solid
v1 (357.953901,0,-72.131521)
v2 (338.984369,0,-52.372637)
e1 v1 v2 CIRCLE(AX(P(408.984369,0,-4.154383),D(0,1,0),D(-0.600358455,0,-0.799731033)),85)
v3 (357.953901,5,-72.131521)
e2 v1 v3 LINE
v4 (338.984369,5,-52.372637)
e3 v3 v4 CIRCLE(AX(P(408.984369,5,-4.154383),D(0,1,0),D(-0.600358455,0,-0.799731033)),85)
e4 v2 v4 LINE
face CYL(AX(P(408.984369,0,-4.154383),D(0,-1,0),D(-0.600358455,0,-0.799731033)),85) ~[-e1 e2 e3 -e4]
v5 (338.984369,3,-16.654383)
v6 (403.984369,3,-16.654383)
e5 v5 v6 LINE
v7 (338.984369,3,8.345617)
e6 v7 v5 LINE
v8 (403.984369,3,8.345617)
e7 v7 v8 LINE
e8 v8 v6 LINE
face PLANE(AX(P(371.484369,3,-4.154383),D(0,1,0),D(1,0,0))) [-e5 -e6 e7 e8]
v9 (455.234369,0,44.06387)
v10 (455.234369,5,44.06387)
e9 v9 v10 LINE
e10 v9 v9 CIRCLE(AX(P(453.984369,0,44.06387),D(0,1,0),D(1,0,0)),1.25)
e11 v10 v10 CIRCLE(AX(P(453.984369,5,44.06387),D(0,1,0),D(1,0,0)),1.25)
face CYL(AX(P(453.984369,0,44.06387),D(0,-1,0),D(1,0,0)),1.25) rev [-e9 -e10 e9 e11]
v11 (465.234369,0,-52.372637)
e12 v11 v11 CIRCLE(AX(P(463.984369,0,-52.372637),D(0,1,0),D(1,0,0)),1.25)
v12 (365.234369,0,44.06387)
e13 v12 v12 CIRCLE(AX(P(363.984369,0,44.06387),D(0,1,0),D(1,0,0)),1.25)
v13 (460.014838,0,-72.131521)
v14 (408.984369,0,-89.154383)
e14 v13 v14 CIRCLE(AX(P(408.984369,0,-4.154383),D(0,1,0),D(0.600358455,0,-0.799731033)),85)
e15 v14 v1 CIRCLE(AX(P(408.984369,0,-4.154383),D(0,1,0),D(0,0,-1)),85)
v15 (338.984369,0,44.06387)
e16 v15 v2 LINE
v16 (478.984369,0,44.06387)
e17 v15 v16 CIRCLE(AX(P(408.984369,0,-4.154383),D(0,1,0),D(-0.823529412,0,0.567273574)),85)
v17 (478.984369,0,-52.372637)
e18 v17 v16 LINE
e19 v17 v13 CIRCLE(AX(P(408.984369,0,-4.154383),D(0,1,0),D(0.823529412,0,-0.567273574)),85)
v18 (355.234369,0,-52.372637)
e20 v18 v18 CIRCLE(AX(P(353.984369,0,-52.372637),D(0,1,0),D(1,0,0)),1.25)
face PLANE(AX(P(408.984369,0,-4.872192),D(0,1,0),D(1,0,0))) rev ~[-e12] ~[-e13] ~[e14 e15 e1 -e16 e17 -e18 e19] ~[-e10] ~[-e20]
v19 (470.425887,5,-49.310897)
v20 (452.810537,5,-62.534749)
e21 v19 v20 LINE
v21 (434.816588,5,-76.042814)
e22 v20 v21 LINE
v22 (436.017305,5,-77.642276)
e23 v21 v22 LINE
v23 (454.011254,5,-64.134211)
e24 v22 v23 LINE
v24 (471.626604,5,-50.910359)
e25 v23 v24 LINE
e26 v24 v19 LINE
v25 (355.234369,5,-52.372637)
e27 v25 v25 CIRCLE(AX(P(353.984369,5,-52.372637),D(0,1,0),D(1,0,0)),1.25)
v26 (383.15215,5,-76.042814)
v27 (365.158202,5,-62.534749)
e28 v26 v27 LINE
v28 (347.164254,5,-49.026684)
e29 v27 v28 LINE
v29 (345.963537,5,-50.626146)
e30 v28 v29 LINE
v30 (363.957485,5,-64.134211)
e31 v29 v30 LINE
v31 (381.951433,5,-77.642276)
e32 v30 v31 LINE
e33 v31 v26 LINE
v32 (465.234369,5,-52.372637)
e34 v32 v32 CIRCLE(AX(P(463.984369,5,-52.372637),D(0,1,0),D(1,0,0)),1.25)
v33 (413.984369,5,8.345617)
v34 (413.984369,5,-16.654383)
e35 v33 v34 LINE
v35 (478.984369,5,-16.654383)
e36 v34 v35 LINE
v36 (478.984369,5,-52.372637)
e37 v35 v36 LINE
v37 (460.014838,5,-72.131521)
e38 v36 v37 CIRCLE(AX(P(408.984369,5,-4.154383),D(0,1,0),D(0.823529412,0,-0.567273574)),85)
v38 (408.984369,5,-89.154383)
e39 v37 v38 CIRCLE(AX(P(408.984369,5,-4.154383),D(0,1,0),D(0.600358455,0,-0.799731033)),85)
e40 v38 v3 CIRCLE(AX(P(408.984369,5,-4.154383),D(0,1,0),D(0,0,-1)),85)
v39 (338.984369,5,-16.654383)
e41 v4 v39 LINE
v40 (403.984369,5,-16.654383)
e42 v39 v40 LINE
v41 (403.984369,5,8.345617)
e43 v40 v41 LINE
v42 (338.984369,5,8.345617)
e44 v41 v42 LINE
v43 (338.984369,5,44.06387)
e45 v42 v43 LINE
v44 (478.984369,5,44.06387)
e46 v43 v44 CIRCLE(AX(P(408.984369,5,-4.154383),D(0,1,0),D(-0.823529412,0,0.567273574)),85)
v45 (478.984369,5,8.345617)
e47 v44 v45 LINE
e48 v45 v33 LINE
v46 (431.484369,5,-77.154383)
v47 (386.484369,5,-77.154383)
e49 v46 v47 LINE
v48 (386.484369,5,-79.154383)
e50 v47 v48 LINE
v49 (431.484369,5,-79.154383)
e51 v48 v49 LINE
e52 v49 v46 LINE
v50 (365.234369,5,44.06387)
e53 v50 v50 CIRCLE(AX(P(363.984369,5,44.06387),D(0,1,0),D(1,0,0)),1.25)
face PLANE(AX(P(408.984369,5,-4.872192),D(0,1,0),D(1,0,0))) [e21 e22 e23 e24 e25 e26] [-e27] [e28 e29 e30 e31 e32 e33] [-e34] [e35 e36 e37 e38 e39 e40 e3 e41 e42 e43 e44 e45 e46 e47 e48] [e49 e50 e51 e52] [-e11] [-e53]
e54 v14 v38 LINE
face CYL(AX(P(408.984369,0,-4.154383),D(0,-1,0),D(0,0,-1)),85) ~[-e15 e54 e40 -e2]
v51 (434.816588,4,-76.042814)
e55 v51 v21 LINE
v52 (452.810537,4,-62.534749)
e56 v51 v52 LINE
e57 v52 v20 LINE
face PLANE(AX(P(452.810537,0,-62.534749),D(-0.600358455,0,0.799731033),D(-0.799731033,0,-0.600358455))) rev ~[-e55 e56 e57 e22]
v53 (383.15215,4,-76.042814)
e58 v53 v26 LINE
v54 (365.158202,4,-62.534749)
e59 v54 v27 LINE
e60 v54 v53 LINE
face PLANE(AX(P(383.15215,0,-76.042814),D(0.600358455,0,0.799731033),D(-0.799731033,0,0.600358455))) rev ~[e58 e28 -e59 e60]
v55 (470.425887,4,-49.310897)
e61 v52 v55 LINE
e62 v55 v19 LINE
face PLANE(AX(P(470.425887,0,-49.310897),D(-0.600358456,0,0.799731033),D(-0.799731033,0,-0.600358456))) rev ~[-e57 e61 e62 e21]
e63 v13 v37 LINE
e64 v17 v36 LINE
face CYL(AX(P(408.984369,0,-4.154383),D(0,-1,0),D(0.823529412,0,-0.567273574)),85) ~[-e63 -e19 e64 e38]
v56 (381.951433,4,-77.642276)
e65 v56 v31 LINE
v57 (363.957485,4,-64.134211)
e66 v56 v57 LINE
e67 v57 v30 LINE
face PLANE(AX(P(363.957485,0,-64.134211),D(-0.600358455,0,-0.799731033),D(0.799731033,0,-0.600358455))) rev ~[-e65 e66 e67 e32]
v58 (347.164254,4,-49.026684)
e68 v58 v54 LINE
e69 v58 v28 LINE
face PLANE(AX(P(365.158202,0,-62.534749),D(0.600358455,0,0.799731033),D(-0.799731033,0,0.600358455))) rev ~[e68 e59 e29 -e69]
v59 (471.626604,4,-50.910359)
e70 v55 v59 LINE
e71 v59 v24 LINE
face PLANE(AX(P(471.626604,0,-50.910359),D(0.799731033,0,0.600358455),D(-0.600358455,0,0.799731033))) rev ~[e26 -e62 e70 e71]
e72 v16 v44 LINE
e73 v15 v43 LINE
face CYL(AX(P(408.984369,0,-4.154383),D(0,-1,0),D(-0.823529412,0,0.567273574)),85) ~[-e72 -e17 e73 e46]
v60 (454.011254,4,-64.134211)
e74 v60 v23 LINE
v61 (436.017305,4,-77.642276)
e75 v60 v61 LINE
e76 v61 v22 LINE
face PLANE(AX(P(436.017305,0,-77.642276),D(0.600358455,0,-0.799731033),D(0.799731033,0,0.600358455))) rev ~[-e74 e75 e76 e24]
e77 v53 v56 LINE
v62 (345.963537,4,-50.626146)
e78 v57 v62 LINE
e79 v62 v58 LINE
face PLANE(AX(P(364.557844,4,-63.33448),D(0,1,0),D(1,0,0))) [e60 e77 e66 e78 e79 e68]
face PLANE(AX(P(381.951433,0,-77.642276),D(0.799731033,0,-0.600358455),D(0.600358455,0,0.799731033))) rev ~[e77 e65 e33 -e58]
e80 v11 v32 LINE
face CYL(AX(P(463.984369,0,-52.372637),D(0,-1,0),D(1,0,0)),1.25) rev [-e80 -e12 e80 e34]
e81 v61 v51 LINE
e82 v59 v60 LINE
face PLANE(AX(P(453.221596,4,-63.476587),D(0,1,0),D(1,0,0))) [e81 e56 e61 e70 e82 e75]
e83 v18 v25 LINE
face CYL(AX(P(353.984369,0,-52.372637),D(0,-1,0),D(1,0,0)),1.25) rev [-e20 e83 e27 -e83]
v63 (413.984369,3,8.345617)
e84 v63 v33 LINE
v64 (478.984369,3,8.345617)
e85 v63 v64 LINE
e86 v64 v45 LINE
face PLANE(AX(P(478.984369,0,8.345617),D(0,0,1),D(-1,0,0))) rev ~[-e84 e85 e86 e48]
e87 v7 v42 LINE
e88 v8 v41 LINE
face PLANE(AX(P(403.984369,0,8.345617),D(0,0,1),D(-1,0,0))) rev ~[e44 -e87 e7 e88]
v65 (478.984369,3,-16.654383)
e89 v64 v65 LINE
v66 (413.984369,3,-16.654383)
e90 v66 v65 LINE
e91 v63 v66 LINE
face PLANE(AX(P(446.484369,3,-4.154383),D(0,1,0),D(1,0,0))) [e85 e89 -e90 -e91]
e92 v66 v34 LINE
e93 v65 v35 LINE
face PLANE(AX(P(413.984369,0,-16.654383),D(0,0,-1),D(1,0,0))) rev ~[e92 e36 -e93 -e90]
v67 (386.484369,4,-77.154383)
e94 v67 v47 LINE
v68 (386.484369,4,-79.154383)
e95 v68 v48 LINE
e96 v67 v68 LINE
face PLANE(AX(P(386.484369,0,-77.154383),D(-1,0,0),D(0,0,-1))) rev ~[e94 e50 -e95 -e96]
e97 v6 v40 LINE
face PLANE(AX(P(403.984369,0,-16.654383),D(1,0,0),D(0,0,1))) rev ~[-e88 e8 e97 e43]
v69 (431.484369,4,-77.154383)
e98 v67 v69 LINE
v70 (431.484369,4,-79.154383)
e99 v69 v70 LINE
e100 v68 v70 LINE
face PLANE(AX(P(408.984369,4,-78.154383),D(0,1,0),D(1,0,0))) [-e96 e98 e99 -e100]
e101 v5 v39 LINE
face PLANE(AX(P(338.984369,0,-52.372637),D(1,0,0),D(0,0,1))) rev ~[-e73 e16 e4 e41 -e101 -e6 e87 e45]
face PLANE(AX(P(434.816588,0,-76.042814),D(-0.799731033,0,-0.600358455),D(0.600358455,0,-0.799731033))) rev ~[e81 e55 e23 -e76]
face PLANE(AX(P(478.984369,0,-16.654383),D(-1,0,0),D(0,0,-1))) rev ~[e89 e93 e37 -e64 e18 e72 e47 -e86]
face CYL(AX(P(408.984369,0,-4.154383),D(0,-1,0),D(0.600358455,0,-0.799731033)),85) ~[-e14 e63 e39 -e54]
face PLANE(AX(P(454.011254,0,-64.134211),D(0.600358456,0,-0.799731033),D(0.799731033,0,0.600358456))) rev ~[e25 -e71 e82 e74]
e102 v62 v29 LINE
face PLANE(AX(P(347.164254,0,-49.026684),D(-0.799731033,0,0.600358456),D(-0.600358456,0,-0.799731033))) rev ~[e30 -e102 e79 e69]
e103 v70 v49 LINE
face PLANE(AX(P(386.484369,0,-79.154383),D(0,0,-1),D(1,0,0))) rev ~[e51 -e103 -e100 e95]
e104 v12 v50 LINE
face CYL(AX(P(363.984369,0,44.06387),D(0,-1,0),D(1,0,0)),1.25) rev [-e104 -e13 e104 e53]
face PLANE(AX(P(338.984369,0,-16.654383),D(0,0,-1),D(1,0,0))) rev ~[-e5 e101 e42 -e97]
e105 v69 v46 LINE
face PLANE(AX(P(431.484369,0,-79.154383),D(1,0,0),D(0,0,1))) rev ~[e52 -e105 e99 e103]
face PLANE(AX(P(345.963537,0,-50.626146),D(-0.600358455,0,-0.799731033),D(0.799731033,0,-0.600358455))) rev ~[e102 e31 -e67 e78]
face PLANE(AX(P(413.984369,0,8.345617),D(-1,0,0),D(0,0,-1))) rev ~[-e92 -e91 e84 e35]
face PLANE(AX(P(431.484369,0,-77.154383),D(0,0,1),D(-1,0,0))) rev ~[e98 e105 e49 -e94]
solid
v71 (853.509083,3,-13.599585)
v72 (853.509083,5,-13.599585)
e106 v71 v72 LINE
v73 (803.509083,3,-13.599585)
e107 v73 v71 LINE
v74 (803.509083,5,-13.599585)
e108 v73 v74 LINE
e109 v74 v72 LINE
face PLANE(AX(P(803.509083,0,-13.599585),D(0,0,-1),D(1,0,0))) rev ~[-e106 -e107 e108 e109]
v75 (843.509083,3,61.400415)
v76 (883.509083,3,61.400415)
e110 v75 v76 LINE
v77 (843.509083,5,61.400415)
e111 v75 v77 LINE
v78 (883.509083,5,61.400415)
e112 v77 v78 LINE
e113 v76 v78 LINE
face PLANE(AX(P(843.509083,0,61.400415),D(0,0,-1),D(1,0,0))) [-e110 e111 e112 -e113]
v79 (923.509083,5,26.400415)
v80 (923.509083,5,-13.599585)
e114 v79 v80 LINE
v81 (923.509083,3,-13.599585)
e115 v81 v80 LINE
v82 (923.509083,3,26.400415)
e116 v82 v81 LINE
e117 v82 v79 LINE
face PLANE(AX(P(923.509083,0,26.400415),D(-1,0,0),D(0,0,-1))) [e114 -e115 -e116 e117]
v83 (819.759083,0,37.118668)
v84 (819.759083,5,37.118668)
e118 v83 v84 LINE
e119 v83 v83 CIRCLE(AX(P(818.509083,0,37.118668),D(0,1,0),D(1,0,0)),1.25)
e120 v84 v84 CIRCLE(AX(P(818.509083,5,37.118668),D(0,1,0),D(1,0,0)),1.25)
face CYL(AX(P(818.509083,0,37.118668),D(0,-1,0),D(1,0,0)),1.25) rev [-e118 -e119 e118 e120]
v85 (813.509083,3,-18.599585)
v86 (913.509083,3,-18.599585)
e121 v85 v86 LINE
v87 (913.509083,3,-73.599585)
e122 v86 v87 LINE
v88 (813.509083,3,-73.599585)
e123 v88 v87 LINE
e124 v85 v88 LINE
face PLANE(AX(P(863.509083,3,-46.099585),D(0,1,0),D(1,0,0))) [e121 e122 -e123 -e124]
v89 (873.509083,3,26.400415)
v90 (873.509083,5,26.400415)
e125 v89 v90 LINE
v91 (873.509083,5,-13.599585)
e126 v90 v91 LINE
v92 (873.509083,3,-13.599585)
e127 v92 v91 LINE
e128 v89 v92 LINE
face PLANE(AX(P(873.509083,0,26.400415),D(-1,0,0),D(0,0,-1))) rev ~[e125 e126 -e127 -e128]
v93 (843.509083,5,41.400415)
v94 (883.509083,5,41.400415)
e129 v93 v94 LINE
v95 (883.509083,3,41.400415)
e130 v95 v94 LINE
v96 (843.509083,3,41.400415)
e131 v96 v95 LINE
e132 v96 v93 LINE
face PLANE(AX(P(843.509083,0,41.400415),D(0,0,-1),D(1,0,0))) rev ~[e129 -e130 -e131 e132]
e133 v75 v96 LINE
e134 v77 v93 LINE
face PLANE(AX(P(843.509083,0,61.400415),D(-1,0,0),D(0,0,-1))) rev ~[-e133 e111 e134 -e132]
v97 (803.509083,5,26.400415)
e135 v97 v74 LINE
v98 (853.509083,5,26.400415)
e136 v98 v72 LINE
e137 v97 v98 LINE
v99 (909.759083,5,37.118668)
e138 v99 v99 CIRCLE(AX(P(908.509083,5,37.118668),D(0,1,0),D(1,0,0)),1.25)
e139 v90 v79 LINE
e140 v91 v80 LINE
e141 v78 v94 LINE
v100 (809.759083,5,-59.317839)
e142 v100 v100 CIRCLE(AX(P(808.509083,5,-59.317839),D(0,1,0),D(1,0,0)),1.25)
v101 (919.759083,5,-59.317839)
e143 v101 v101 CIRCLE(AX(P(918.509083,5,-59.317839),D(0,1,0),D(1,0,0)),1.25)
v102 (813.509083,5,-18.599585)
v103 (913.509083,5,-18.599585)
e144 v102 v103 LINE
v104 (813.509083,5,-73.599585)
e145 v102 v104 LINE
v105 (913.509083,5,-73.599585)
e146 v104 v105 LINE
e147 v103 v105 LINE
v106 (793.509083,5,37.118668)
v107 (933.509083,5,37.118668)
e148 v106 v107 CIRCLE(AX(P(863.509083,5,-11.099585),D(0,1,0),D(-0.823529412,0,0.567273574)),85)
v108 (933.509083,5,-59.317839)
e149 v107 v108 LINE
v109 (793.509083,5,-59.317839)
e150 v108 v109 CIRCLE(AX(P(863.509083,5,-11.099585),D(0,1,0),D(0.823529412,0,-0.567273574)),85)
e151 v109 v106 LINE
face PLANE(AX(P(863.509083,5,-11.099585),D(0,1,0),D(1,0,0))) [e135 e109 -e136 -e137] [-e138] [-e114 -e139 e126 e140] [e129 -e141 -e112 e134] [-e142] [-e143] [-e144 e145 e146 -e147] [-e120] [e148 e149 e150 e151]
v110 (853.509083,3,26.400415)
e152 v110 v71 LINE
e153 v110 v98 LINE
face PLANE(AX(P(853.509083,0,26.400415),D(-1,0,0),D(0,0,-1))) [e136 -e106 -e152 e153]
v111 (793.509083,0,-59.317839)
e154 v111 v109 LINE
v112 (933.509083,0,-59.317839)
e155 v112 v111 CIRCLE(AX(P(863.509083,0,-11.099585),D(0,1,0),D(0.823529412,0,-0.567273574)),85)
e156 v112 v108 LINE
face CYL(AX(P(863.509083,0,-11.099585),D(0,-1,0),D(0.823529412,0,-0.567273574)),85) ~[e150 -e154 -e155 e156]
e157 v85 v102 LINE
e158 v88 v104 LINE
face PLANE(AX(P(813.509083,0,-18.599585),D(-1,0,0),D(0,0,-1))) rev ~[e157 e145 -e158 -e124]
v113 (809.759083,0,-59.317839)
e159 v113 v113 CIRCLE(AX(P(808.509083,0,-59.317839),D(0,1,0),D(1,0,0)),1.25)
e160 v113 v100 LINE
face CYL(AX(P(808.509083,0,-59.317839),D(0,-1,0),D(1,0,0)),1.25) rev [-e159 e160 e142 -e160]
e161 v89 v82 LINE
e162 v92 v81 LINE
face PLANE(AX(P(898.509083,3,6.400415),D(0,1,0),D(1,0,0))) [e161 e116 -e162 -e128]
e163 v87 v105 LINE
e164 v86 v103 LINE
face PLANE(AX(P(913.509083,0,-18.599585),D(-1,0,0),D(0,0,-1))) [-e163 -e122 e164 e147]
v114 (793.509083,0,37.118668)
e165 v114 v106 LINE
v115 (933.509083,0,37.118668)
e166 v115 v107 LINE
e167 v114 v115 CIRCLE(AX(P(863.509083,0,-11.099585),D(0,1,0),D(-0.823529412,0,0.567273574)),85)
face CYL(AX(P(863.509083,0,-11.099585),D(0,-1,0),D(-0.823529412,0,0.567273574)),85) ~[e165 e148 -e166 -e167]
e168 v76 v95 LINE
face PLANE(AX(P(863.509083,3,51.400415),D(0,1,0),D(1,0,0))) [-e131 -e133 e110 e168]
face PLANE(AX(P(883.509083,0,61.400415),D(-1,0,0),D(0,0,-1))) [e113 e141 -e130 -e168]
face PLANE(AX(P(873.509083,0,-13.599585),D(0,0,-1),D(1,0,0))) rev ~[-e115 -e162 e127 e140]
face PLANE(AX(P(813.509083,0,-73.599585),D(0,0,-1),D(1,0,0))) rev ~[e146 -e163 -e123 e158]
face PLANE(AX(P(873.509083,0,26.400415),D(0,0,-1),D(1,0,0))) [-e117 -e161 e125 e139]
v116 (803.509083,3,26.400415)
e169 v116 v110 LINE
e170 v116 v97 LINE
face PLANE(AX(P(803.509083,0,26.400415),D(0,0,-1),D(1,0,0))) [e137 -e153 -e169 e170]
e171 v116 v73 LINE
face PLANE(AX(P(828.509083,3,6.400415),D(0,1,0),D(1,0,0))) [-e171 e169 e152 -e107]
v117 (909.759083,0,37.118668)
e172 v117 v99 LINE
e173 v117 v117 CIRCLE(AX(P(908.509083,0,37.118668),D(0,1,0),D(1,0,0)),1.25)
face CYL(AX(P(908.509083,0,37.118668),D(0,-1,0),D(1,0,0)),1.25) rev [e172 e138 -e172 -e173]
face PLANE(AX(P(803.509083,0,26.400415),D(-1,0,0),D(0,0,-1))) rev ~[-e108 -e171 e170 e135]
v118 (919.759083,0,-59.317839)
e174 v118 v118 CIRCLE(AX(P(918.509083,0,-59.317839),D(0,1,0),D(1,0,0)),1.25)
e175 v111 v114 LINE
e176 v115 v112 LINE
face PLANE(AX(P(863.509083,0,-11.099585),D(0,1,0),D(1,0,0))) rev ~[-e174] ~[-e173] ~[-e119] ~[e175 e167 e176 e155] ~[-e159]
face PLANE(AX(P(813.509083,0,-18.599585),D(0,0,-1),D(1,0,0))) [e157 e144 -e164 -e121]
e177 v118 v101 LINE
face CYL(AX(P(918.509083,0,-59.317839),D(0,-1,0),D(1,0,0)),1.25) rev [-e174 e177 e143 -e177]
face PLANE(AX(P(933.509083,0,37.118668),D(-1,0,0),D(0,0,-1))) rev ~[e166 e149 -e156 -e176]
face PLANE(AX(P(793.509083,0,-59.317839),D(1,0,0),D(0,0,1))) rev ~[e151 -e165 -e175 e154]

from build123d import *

# Parameters (mm, degrees)
BOSS_EXTRUDE4_DEPTH    = 4
SKETCH2_W              = 45
SKETCH2_H              = 2
BOSS_EXTRUDE4_2_DEPTH  = 4
BOSS_EXTRUDE4_3_DEPTH  = 4
SKETCH2_8_W            = 65
SKETCH2_8_H            = 25
BOSS_EXTRUDE5_DEPTH    = 3
BOSS_EXTRUDE5_2_DEPTH  = 3
SKETCH2_9_R            = 1.25
BOSS_EXTRUDE6_DEPTH    = 5
SKETCH2_14_W           = 100
SKETCH2_14_H           = 55
BOSS_EXTRUDE10_DEPTH   = 3
SKETCH2_14_W_2         = 50
SKETCH2_14_H_2         = 40
BOSS_EXTRUDE10_2_DEPTH = 3
BOSS_EXTRUDE10_3_DEPTH = 3
SKETCH2_14_W_3         = 40
SKETCH2_14_H_3         = 20
BOSS_EXTRUDE10_4_DEPTH = 3
SKETCH2_15_W           = 40
SKETCH2_15_H           = 20
SKETCH2_15_R           = 1.25
SKETCH2_15_W_2         = 50
SKETCH2_15_H_2         = 40
SKETCH2_15_W_3         = 100
SKETCH2_15_H_3         = 55
BOSS_EXTRUDE11_DEPTH   = 5


with BuildPart() as part:
    # Sketch2 → Boss-Extrude4 (new body)
    with BuildSketch(Plane(origin=(0, 0, 0), x_dir=(1, 0, 0), z_dir=(0, 1, 0))):
        Polygon((347.164253905, 49.026683577), (383.152150384, 76.042814073), (381.951433473, 77.642276139), (345.963536994, 50.626145642), align=None)
    extrude(amount=BOSS_EXTRUDE4_DEPTH)



with BuildPart() as body_2:
    # Sketch2 → Boss-Extrude4 2 (new body)
    with BuildSketch(Plane(origin=(0, 0, 0), x_dir=(1, 0, 0), z_dir=(0, 1, 0))):
        with Locations((408.984369394, 78.154383425)):
            Rectangle(SKETCH2_W, SKETCH2_H)
    extrude(amount=BOSS_EXTRUDE4_2_DEPTH)


with BuildPart() as body_3:
    # Sketch2 → Boss-Extrude4 3 (new body)
    with BuildSketch(Plane(origin=(0, 0, 0), x_dir=(1, 0, 0), z_dir=(0, 1, 0))):
        Polygon((471.626604108, 50.9103591), (436.017305315, 77.642276139), (434.816588404, 76.042814073), (470.425887197, 49.310897034), align=None)
    extrude(amount=BOSS_EXTRUDE4_3_DEPTH)


with BuildPart() as body_4:
    # Sketch2<8> → Boss-Extrude5 (new body)
    with BuildSketch(Plane(origin=(0, 0, 0), x_dir=(1, 0, 0), z_dir=(0, 1, 0))):
        with Locations((371.484369394, 4.154383425)):
            Rectangle(SKETCH2_8_W, SKETCH2_8_H)
    extrude(amount=BOSS_EXTRUDE5_DEPTH)


with BuildPart() as body_5:
    # Sketch2<8> → Boss-Extrude5 2 (new body)
    with BuildSketch(Plane(origin=(0, 0, 0), x_dir=(1, 0, 0), z_dir=(0, 1, 0))):
        with Locations((446.484369394, 4.154383425)):
            Rectangle(SKETCH2_8_W, SKETCH2_8_H)
    extrude(amount=BOSS_EXTRUDE5_2_DEPTH)


with BuildPart() as part_1:
    add(part.part)

    add(body_2.part)  # Boss-Extrude6 merges body 2

    add(body_3.part)  # Boss-Extrude6 merges body 3

    add(body_4.part)  # Boss-Extrude6 merges body 4

    add(body_5.part)  # Boss-Extrude6 merges body 5
    # Sketch2<9> → Boss-Extrude6 (add)
    with BuildSketch(Plane(origin=(0, 0, 0), x_dir=(1, 0, 0), z_dir=(0, 1, 0))):
        with BuildLine():
            ThreePointArc((408.984369394, 89.154383425), (382.086941195, 84.786438814), (357.953900679, 72.131521219))
            ThreePointArc((357.953900679, 72.131521219), (347.668001567, 63.021208008), (338.984369394, 52.37263723))
            Line((338.984369394, 52.37263723), (338.984369394, 16.654383425))
            Line((338.984369394, 16.654383425), (403.984369394, 16.654383425))
            Line((403.984369394, 16.654383425), (403.984369394, -8.345616575))
            Line((403.984369394, -8.345616575), (338.984369394, -8.345616575))
            Line((338.984369394, -8.345616575), (338.984369394, -44.06387038))
            ThreePointArc((338.984369394, -44.06387038), (408.984369394, -80.845616575), (478.984369394, -44.06387038))
            Line((478.984369394, -44.06387038), (478.984369394, -8.345616575))
            Line((478.984369394, -8.345616575), (413.984369394, -8.345616575))
            Line((413.984369394, -8.345616575), (413.984369394, 16.654383425))
            Line((413.984369394, 16.654383425), (478.984369394, 16.654383425))
            Line((478.984369394, 16.654383425), (478.984369394, 52.37263723))
            ThreePointArc((478.984369394, 52.37263723), (470.300737221, 63.021208008), (460.01483811, 72.131521219))
            ThreePointArc((460.01483811, 72.131521219), (435.881797594, 84.786438814), (408.984369394, 89.154383425))
        make_face()
        with Locations((363.984369394, -44.06387038)):
            Circle(SKETCH2_9_R, mode=Mode.SUBTRACT)
        with Locations((453.984369394, -44.06387038)):
            Circle(SKETCH2_9_R, mode=Mode.SUBTRACT)
        with Locations((353.984369394, 52.37263723)):
            Circle(SKETCH2_9_R, mode=Mode.SUBTRACT)
        Polygon((345.963536994, 50.626145642), (363.957485234, 64.134210891), (381.951433473, 77.642276139), (383.152150384, 76.042814073), (365.158202144, 62.534748825), (347.164253905, 49.026683577), align=None, mode=Mode.SUBTRACT)
        Polygon((386.484369394, 79.154383425), (408.984369394, 79.154383425), (431.484369394, 79.154383425), (431.484369394, 77.154383425), (408.984369394, 77.154383425), (386.484369394, 77.154383425), align=None, mode=Mode.SUBTRACT)
        with Locations((463.984369394, 52.37263723)):
            Circle(SKETCH2_9_R, mode=Mode.SUBTRACT)
        Polygon((436.017305315, 77.642276139), (454.011253555, 64.134210891), (471.626604108, 50.9103591), (470.425887197, 49.310897034), (452.810536644, 62.534748825), (434.816588404, 76.042814073), align=None, mode=Mode.SUBTRACT)
    extrude(amount=BOSS_EXTRUDE6_DEPTH)


with BuildPart() as body_2_2:
    # Sketch2<14> → Boss-Extrude10 (new body)
    with BuildSketch(Plane(origin=(0, 0, 0), x_dir=(1, 0, 0), z_dir=(0, 1, 0))):
        with Locations((863.509082659, 46.099585356)):
            Rectangle(SKETCH2_14_W, SKETCH2_14_H)
    extrude(amount=BOSS_EXTRUDE10_DEPTH)



with BuildPart() as body_3_2:
    # Sketch2<14> → Boss-Extrude10 2 (new body)
    with BuildSketch(Plane(origin=(0, 0, 0), x_dir=(1, 0, 0), z_dir=(0, 1, 0))):
        with Locations((898.509082659, -6.400414644)):
            Rectangle(SKETCH2_14_W_2, SKETCH2_14_H_2)
    extrude(amount=BOSS_EXTRUDE10_2_DEPTH)


with BuildPart() as body_4_2:
    # Sketch2<14> → Boss-Extrude10 3 (new body)
    with BuildSketch(Plane(origin=(0, 0, 0), x_dir=(1, 0, 0), z_dir=(0, 1, 0))):
        with Locations((828.509082659, -6.400414644)):
            Rectangle(SKETCH2_14_W_2, SKETCH2_14_H_2)
    extrude(amount=BOSS_EXTRUDE10_3_DEPTH)


with BuildPart() as body_5_2:
    # Sketch2<14> → Boss-Extrude10 4 (new body)
    with BuildSketch(Plane(origin=(0, 0, 0), x_dir=(1, 0, 0), z_dir=(0, 1, 0))):
        with Locations((863.509082659, -51.400414644)):
            Rectangle(SKETCH2_14_W_3, SKETCH2_14_H_3)
    extrude(amount=BOSS_EXTRUDE10_4_DEPTH)


with BuildPart() as body_2_2_1:
    add(body_2_2.part)

    add(body_3_2.part)  # Boss-Extrude11 merges body 3 2

    add(body_4_2.part)  # Boss-Extrude11 merges body 4 2

    add(body_5_2.part)  # Boss-Extrude11 merges body 5 2
    # Sketch2<15> → Boss-Extrude11 (add)
    with BuildSketch(Plane(origin=(0, 0, 0), x_dir=(1, 0, 0), z_dir=(0, 1, 0))):
        with BuildLine():
            ThreePointArc((793.509082659, -37.118668449), (863.509082659, -73.900414644), (933.509082659, -37.118668449))
            Line((933.509082659, -37.118668449), (933.509082659, 59.31783916))
            ThreePointArc((933.509082659, 59.31783916), (863.509082659, 96.099585356), (793.509082659, 59.31783916))
            Line((793.509082659, 59.31783916), (793.509082659, -37.118668449))
        make_face()
        with Locations((863.509082659, -51.400414644)):
            Rectangle(SKETCH2_15_W, SKETCH2_15_H, mode=Mode.SUBTRACT)
        with Locations((818.509082659, -37.118668449)):
            Circle(SKETCH2_15_R, mode=Mode.SUBTRACT)
        with Locations((908.509082659, -37.118668449)):
            Circle(SKETCH2_15_R, mode=Mode.SUBTRACT)
        with Locations((828.509082659, -6.400414644)):
            Rectangle(SKETCH2_15_W_2, SKETCH2_15_H_2, mode=Mode.SUBTRACT)
        with Locations((898.509082659, -6.400414644)):
            Rectangle(SKETCH2_15_W_2, SKETCH2_15_H_2, mode=Mode.SUBTRACT)
        with Locations((863.509082659, 46.099585356)):
            Rectangle(SKETCH2_15_W_3, SKETCH2_15_H_3, mode=Mode.SUBTRACT)
        with Locations((808.509082659, 59.31783916)):
            Circle(SKETCH2_15_R, mode=Mode.SUBTRACT)
        with Locations((918.509082659, 59.31783916)):
            Circle(SKETCH2_15_R, mode=Mode.SUBTRACT)
    extrude(amount=BOSS_EXTRUDE11_DEPTH)


solid = Compound([part_1.part, body_2_2_1.part])
